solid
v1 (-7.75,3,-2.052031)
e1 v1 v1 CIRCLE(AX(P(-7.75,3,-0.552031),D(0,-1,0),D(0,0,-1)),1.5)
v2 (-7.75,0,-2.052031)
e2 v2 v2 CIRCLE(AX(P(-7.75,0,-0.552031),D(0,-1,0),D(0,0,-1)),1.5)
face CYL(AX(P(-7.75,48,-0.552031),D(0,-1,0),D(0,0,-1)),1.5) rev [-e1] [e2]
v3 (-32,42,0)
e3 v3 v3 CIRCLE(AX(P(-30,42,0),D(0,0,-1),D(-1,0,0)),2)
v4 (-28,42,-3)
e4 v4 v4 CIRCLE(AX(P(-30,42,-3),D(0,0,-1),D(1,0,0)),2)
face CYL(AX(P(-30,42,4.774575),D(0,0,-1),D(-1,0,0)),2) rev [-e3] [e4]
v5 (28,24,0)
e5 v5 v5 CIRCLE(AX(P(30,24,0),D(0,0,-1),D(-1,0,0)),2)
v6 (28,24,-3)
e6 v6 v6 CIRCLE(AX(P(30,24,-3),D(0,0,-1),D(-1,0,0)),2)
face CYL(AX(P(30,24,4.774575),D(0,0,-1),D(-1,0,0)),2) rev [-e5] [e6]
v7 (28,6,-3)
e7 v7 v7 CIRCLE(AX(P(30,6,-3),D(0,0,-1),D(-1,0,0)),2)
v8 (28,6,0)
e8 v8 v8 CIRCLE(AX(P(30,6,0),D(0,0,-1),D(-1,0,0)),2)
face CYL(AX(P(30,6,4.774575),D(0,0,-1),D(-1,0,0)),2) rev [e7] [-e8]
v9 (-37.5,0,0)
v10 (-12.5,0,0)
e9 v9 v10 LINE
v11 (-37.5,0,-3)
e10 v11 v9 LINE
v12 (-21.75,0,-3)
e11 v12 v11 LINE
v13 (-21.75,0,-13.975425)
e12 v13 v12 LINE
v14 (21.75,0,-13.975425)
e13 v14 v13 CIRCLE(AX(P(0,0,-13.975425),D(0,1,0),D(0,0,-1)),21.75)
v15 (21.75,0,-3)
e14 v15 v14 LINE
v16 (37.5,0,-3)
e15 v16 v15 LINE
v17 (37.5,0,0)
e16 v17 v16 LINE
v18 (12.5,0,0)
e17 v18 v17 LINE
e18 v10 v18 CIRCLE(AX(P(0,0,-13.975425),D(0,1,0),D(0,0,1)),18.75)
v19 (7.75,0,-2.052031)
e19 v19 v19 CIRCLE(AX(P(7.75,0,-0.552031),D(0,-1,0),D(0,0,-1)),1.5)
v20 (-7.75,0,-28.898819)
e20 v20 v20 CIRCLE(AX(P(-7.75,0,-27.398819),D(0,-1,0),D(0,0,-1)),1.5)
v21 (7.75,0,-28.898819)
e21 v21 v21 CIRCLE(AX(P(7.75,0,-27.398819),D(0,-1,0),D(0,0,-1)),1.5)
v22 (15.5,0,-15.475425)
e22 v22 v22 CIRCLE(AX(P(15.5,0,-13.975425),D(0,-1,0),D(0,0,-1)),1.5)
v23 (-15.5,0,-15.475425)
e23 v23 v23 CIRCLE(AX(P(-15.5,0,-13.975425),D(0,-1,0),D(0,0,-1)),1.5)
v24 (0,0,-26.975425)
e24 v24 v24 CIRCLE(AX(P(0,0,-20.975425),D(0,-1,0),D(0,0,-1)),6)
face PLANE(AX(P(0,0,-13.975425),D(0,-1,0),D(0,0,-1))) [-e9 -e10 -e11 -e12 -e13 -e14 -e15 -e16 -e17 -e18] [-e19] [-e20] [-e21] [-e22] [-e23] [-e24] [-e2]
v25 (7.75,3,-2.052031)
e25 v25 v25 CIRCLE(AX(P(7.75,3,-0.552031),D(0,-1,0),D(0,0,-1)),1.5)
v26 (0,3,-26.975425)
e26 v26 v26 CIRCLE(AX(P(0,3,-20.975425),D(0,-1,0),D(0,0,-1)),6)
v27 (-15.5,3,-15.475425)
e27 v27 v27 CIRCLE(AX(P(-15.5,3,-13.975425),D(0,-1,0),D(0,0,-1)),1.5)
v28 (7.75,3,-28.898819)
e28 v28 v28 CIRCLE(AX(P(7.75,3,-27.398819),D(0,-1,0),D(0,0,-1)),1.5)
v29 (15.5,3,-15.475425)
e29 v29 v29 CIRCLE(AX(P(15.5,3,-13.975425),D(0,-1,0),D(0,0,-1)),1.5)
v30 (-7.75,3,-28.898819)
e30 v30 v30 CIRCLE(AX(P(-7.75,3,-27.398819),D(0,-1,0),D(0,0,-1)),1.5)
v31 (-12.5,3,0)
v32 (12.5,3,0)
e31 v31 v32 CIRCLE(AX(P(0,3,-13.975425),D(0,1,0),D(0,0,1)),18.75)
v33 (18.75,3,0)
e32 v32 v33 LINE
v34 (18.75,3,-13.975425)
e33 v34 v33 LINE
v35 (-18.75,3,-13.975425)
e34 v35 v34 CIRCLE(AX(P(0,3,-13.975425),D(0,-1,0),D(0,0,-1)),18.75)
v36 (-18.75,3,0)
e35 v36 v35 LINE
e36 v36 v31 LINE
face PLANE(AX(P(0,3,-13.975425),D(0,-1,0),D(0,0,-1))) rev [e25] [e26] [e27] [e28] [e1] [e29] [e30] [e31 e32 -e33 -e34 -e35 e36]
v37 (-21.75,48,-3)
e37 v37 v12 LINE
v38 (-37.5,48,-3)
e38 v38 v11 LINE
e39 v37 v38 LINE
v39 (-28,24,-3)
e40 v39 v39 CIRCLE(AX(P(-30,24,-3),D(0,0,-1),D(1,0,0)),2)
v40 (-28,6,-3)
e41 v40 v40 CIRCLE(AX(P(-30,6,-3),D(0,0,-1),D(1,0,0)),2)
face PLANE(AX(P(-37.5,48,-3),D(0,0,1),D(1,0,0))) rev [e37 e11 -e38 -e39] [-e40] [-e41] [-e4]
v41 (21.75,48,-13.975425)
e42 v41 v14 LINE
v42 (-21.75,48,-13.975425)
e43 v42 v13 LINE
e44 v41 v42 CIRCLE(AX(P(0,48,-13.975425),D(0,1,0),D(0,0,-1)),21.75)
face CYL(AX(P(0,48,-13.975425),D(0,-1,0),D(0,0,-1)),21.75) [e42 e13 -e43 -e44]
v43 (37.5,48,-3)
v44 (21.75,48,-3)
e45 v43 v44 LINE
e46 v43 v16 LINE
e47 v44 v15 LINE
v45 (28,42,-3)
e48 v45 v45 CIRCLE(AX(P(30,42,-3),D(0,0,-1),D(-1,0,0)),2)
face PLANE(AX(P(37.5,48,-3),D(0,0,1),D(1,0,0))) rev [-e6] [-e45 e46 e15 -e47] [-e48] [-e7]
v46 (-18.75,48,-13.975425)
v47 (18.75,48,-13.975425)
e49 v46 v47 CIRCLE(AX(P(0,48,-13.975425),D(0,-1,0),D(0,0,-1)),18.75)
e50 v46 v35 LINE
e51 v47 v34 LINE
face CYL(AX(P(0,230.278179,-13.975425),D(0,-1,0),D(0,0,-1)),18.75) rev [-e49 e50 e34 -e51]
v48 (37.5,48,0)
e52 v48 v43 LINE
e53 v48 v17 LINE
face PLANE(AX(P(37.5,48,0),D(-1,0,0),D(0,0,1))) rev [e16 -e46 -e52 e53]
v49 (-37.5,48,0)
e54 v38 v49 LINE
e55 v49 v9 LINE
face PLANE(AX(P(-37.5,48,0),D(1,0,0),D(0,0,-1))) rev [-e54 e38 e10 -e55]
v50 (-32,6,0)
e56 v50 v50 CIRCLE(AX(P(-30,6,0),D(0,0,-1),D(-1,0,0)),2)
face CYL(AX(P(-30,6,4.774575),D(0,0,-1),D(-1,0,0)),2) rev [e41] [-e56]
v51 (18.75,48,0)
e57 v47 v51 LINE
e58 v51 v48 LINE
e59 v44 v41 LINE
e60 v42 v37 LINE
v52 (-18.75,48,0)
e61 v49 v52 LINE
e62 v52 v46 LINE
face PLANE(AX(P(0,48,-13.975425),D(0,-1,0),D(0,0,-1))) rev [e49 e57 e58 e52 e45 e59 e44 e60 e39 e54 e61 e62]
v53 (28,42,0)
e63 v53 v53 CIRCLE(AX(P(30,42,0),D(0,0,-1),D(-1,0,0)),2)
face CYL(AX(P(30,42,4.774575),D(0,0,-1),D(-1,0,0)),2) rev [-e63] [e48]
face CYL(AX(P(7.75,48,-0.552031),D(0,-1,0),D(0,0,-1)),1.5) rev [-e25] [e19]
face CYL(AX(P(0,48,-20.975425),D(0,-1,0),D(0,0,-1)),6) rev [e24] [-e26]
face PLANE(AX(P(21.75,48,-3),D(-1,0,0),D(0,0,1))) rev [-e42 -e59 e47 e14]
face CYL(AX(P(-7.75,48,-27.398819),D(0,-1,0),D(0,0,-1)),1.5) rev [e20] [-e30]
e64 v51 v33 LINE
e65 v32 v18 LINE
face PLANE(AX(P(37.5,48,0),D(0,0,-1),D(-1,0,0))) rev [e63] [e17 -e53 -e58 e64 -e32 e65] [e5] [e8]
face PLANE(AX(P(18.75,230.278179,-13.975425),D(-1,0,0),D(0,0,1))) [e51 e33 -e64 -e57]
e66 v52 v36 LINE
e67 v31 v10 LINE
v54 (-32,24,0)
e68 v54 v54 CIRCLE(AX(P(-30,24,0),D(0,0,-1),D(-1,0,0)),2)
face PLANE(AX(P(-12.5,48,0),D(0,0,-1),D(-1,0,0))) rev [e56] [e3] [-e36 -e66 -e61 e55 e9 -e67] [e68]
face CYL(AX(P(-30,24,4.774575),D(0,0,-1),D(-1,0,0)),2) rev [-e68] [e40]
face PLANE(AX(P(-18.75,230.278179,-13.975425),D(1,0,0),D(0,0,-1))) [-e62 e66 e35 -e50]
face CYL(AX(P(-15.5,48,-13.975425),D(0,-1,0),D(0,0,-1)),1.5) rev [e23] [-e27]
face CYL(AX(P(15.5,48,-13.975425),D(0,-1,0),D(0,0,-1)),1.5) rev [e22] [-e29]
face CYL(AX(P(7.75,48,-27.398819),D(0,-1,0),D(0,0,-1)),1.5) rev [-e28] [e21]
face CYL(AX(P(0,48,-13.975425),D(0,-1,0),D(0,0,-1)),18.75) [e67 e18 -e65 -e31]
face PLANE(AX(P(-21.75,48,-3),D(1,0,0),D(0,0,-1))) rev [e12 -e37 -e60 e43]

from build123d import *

# Parameters (mm, degrees)
BOSS_EXTRUDE1_DEPTH     = 48
CUT_EXTRUDE1_DEPTH      = 71.615550563
CUT_EXTRUDE1_DEPTH_BACK = 45
SKETCH3_R               = 6
SKETCH3_R_2             = 1.5
CUT_EXTRUDE2_DEPTH      = 71.615550563
SKETCH4_R               = 2
CUT_EXTRUDE3_DEPTH      = 70.146246697


with BuildPart() as part:
    # Sketch1 → Boss-Extrude1 (new body)
    with BuildSketch(Plane(origin=(0, 0, 0), x_dir=(1, 0, 0), z_dir=(0, 1, 0))):
        with BuildLine():
            Line((37.5, 0), (12.5, 0))
            ThreePointArc((12.5, 0), (0, -4.774575141), (-12.5, 0))
            Line((-12.5, 0), (-37.5, 0))
            Line((-37.5, 0), (-37.5, 3))
            Line((-37.5, 3), (-21.75, 3))
            Line((-21.75, 3), (-21.75, 13.975424859))
            ThreePointArc((-21.75, 13.975424859), (0, 35.725424859), (21.75, 13.975424859))
            Line((21.75, 13.975424859), (21.75, 3))
            Line((21.75, 3), (37.5, 3))
            Line((37.5, 3), (37.5, 0))
        make_face()
    extrude(amount=BOSS_EXTRUDE1_DEPTH)

    # Sketch2 → Cut-Extrude1 (cut, two sides: drawn at the far end of the back side and taken through both)
    with BuildSketch(Plane(origin=(0, 48, 0), x_dir=(1, 0, 0), z_dir=(0, 1, 0)).offset(-CUT_EXTRUDE1_DEPTH_BACK)):
        with BuildLine():
            Line((18.75, -143.272179863), (18.75, 0))
            Line((18.75, 0), (18.75, 13.975424859))
            ThreePointArc((18.75, 13.975424859), (0, 32.725424859), (-18.75, 13.975424859))
            Line((-18.75, 13.975424859), (-18.75, 0))
            Line((-18.75, 0), (-18.75, -143.272179863))
            Line((-18.75, -143.272179863), (-18.75, -429.81653959))
            Line((-18.75, -429.81653959), (18.75, -429.81653959))
            Line((18.75, -429.81653959), (18.75, -143.272179863))
        make_face()
    extrude(amount=CUT_EXTRUDE1_DEPTH + CUT_EXTRUDE1_DEPTH_BACK, mode=Mode.SUBTRACT)

    # Sketch3 → Cut-Extrude2 (cut, through all)
    with BuildSketch(Plane.XZ):
        with Locations(Location((0, -20.975424859, 0), (0, 0, 270))):
            Circle(SKETCH3_R)
        with Locations(Location((15.5, -13.975424859, 0), (0, 0, 270))):
            Circle(SKETCH3_R_2)
        with Locations(Location((7.75, -27.398818618, 0), (0, 0, 270))):
            Circle(SKETCH3_R_2)
        with Locations(Location((-7.75, -27.398818618, 0), (0, 0, 270))):
            Circle(SKETCH3_R_2)
        with Locations(Location((-15.5, -13.975424859, 0), (0, 0, 270))):
            Circle(SKETCH3_R_2)
        with Locations(Location((-7.75, -0.552031101, 0), (0, 0, 270))):
            Circle(SKETCH3_R_2)
        with Locations(Location((7.75, -0.552031101, 0), (0, 0, 270))):
            Circle(SKETCH3_R_2)
    extrude(amount=-CUT_EXTRUDE2_DEPTH, mode=Mode.SUBTRACT)

    # Sketch4 → Cut-Extrude3 (cut, through all)
    with BuildSketch(Plane(origin=(0, 0, -3), x_dir=(-1, 0, 0), z_dir=(0, 0, -1))):
        with Locations((-30, 6)):
            Circle(SKETCH4_R)
        with Locations((-30, 24)):
            Circle(SKETCH4_R)
        with Locations((-30, 42)):
            Circle(SKETCH4_R)
        with Locations((30, 6)):
            Circle(SKETCH4_R)
        with Locations((30, 24)):
            Circle(SKETCH4_R)
        with Locations((30, 42)):
            Circle(SKETCH4_R)
    extrude(amount=-CUT_EXTRUDE3_DEPTH, mode=Mode.SUBTRACT)


solid = part.part
